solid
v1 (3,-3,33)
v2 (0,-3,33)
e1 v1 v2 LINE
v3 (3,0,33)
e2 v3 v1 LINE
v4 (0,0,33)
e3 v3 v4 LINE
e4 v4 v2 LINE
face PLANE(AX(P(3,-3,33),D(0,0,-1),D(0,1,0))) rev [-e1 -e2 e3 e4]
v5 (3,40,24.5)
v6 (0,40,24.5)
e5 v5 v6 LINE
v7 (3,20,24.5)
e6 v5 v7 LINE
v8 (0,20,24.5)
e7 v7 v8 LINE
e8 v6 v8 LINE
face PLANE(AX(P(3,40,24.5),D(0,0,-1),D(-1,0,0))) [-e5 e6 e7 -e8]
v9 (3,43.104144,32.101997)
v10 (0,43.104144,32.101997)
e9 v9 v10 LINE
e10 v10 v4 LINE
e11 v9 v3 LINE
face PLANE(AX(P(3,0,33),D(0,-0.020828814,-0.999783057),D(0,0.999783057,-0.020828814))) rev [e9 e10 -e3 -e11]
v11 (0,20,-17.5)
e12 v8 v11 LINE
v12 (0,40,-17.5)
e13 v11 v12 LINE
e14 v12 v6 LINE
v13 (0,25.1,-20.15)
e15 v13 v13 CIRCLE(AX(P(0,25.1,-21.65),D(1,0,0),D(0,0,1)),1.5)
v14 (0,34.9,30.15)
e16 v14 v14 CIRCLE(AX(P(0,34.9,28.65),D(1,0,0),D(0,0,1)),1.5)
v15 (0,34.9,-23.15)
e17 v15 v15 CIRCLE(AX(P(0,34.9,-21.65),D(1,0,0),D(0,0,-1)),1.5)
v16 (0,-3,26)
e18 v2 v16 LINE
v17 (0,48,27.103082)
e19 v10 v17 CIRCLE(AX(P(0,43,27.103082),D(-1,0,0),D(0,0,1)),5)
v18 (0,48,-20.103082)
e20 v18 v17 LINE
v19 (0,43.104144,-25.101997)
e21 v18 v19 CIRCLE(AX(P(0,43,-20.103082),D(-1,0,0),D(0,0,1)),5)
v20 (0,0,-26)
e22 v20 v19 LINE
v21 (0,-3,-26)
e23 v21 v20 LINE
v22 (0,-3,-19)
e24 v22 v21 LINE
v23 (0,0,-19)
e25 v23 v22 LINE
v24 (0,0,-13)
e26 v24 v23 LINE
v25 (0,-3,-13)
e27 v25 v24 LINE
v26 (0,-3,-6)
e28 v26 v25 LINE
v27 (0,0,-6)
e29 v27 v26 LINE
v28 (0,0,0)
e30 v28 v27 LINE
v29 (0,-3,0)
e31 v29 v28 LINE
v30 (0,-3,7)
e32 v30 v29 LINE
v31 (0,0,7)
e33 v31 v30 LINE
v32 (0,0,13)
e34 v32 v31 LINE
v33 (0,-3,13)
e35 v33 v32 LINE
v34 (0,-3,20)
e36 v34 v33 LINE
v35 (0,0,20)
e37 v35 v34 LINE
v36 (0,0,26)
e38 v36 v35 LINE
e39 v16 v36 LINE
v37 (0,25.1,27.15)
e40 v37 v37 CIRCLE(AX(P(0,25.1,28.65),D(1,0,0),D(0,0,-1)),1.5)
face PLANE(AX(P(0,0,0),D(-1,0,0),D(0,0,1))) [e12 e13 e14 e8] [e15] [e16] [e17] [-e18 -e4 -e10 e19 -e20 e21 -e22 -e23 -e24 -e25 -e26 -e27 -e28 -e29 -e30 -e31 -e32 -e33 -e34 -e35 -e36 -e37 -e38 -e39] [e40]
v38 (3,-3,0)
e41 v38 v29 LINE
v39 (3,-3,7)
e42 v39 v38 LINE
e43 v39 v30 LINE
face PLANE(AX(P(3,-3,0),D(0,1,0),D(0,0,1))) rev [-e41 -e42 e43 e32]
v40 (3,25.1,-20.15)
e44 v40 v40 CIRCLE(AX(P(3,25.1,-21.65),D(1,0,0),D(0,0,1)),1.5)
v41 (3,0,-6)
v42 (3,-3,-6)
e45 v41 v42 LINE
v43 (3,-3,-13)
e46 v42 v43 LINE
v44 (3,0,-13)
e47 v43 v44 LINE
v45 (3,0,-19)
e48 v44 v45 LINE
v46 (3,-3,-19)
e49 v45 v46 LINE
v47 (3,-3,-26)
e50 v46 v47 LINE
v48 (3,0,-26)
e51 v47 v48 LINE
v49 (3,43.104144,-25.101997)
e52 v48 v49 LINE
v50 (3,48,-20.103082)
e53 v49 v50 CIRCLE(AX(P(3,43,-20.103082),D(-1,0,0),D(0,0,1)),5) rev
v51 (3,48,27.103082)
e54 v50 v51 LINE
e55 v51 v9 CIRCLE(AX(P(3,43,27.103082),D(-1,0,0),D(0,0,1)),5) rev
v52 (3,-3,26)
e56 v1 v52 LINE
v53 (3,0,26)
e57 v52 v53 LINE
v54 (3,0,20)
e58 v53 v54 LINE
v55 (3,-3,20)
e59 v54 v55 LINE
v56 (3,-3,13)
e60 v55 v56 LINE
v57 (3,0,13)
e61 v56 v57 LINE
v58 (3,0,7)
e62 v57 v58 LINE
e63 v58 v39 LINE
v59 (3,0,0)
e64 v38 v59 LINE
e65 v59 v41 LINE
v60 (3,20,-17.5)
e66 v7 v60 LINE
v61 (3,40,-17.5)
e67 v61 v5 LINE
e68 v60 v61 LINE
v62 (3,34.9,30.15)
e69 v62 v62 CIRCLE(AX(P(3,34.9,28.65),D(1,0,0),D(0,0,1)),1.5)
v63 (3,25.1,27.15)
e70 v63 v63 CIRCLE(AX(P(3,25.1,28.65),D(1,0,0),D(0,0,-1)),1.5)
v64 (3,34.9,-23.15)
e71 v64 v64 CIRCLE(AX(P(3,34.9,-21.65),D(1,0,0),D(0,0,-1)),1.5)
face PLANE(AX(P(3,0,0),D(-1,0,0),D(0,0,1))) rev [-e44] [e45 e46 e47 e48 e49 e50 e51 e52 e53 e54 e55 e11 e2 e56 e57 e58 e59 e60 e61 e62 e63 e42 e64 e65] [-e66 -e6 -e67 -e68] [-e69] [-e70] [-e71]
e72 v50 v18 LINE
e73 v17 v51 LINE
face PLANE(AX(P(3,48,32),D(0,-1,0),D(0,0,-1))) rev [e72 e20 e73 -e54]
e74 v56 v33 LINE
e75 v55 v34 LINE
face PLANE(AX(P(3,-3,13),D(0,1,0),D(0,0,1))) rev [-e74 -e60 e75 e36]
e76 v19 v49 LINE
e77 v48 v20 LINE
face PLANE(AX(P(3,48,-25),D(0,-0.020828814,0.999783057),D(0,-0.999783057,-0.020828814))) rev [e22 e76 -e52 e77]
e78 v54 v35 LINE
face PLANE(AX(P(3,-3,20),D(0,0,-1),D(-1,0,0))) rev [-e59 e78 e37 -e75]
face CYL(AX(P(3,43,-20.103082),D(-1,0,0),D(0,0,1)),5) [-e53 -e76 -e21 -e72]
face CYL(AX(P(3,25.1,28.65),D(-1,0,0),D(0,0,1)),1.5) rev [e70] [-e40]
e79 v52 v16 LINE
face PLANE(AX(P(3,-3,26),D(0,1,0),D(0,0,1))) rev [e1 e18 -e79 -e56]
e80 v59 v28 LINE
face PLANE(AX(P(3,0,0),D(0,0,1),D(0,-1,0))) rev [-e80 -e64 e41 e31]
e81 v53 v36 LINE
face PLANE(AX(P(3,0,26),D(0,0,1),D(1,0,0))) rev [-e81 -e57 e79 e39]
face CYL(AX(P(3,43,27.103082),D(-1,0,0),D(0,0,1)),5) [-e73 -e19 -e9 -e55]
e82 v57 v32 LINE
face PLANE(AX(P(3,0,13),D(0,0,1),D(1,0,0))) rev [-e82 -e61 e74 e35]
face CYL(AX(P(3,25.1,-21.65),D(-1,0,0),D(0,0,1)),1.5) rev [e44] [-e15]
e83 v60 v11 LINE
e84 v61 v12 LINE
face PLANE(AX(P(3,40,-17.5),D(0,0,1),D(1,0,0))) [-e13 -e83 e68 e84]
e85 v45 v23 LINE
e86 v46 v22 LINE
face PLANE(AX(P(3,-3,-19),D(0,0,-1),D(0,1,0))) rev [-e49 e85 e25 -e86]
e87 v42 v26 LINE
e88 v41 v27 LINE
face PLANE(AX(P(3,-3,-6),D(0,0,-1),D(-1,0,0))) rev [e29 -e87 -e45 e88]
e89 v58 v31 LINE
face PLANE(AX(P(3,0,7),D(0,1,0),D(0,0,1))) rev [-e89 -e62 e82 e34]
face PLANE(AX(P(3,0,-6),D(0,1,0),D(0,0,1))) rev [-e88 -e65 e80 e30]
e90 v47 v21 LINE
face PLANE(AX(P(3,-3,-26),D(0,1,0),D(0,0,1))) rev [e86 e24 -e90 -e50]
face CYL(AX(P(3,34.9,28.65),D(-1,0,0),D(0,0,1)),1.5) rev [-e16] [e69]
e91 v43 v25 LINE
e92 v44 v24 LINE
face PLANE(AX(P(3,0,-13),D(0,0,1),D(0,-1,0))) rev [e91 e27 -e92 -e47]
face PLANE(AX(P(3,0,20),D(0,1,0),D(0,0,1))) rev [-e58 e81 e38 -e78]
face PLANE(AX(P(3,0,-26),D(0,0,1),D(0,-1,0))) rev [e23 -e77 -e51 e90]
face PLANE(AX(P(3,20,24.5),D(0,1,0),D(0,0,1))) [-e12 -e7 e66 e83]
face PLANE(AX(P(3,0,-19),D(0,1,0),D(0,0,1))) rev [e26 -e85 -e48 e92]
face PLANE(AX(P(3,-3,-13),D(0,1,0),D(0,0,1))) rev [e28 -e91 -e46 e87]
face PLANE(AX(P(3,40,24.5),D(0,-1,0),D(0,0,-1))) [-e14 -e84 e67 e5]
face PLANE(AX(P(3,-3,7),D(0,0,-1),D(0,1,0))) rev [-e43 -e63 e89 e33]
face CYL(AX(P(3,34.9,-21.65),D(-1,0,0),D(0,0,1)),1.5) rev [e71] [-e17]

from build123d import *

# Parameters (mm, degrees)
SKETCH1_R           = 1.5
SKETCH1_W           = 42
SKETCH1_H           = 20
BOSS_EXTRUDE1_DEPTH = 3
FILLET1_R           = 5


with BuildPart() as part:
    # Sketch1 → Boss-Extrude1 (new body)
    with BuildSketch(Plane(origin=(0, 0, 0), x_dir=(0, 0, -1), z_dir=(1, 0, 0))):
        Polygon((-33, 0), (-32, 48), (25, 48), (26, 0), (26, -3), (19, -3), (19, 0), (13, 0), (13, -3), (6, -3), (6, 0), (0, 0), (0, -3), (-7, -3), (-7, 0), (-13, 0), (-13, -3), (-20, -3), (-20, 0), (-26, 0), (-26, -3), (-33, -3), align=None)
        with Locations((21.65, 34.9)):
            Circle(SKETCH1_R, mode=Mode.SUBTRACT)
        with Locations(Location((21.65, 25.1, 0), (0, 0, 180))):
            Circle(SKETCH1_R, mode=Mode.SUBTRACT)
        with Locations(Location((-28.65, 34.9, 0), (0, 0, 180))):
            Circle(SKETCH1_R, mode=Mode.SUBTRACT)
        with Locations((-28.65, 25.1)):
            Circle(SKETCH1_R, mode=Mode.SUBTRACT)
        with Locations((-3.5, 30)):
            Rectangle(SKETCH1_W, SKETCH1_H, mode=Mode.SUBTRACT)
    extrude(amount=BOSS_EXTRUDE1_DEPTH)

    # Fillet1
    fillet1_edges = [part.edges().sort_by_distance(p)[0] for p in [
        (1.5, 48, 32),
        (1.5, 48, -25),
    ]]
    fillet(fillet1_edges, radius=FILLET1_R)


solid = part.part
